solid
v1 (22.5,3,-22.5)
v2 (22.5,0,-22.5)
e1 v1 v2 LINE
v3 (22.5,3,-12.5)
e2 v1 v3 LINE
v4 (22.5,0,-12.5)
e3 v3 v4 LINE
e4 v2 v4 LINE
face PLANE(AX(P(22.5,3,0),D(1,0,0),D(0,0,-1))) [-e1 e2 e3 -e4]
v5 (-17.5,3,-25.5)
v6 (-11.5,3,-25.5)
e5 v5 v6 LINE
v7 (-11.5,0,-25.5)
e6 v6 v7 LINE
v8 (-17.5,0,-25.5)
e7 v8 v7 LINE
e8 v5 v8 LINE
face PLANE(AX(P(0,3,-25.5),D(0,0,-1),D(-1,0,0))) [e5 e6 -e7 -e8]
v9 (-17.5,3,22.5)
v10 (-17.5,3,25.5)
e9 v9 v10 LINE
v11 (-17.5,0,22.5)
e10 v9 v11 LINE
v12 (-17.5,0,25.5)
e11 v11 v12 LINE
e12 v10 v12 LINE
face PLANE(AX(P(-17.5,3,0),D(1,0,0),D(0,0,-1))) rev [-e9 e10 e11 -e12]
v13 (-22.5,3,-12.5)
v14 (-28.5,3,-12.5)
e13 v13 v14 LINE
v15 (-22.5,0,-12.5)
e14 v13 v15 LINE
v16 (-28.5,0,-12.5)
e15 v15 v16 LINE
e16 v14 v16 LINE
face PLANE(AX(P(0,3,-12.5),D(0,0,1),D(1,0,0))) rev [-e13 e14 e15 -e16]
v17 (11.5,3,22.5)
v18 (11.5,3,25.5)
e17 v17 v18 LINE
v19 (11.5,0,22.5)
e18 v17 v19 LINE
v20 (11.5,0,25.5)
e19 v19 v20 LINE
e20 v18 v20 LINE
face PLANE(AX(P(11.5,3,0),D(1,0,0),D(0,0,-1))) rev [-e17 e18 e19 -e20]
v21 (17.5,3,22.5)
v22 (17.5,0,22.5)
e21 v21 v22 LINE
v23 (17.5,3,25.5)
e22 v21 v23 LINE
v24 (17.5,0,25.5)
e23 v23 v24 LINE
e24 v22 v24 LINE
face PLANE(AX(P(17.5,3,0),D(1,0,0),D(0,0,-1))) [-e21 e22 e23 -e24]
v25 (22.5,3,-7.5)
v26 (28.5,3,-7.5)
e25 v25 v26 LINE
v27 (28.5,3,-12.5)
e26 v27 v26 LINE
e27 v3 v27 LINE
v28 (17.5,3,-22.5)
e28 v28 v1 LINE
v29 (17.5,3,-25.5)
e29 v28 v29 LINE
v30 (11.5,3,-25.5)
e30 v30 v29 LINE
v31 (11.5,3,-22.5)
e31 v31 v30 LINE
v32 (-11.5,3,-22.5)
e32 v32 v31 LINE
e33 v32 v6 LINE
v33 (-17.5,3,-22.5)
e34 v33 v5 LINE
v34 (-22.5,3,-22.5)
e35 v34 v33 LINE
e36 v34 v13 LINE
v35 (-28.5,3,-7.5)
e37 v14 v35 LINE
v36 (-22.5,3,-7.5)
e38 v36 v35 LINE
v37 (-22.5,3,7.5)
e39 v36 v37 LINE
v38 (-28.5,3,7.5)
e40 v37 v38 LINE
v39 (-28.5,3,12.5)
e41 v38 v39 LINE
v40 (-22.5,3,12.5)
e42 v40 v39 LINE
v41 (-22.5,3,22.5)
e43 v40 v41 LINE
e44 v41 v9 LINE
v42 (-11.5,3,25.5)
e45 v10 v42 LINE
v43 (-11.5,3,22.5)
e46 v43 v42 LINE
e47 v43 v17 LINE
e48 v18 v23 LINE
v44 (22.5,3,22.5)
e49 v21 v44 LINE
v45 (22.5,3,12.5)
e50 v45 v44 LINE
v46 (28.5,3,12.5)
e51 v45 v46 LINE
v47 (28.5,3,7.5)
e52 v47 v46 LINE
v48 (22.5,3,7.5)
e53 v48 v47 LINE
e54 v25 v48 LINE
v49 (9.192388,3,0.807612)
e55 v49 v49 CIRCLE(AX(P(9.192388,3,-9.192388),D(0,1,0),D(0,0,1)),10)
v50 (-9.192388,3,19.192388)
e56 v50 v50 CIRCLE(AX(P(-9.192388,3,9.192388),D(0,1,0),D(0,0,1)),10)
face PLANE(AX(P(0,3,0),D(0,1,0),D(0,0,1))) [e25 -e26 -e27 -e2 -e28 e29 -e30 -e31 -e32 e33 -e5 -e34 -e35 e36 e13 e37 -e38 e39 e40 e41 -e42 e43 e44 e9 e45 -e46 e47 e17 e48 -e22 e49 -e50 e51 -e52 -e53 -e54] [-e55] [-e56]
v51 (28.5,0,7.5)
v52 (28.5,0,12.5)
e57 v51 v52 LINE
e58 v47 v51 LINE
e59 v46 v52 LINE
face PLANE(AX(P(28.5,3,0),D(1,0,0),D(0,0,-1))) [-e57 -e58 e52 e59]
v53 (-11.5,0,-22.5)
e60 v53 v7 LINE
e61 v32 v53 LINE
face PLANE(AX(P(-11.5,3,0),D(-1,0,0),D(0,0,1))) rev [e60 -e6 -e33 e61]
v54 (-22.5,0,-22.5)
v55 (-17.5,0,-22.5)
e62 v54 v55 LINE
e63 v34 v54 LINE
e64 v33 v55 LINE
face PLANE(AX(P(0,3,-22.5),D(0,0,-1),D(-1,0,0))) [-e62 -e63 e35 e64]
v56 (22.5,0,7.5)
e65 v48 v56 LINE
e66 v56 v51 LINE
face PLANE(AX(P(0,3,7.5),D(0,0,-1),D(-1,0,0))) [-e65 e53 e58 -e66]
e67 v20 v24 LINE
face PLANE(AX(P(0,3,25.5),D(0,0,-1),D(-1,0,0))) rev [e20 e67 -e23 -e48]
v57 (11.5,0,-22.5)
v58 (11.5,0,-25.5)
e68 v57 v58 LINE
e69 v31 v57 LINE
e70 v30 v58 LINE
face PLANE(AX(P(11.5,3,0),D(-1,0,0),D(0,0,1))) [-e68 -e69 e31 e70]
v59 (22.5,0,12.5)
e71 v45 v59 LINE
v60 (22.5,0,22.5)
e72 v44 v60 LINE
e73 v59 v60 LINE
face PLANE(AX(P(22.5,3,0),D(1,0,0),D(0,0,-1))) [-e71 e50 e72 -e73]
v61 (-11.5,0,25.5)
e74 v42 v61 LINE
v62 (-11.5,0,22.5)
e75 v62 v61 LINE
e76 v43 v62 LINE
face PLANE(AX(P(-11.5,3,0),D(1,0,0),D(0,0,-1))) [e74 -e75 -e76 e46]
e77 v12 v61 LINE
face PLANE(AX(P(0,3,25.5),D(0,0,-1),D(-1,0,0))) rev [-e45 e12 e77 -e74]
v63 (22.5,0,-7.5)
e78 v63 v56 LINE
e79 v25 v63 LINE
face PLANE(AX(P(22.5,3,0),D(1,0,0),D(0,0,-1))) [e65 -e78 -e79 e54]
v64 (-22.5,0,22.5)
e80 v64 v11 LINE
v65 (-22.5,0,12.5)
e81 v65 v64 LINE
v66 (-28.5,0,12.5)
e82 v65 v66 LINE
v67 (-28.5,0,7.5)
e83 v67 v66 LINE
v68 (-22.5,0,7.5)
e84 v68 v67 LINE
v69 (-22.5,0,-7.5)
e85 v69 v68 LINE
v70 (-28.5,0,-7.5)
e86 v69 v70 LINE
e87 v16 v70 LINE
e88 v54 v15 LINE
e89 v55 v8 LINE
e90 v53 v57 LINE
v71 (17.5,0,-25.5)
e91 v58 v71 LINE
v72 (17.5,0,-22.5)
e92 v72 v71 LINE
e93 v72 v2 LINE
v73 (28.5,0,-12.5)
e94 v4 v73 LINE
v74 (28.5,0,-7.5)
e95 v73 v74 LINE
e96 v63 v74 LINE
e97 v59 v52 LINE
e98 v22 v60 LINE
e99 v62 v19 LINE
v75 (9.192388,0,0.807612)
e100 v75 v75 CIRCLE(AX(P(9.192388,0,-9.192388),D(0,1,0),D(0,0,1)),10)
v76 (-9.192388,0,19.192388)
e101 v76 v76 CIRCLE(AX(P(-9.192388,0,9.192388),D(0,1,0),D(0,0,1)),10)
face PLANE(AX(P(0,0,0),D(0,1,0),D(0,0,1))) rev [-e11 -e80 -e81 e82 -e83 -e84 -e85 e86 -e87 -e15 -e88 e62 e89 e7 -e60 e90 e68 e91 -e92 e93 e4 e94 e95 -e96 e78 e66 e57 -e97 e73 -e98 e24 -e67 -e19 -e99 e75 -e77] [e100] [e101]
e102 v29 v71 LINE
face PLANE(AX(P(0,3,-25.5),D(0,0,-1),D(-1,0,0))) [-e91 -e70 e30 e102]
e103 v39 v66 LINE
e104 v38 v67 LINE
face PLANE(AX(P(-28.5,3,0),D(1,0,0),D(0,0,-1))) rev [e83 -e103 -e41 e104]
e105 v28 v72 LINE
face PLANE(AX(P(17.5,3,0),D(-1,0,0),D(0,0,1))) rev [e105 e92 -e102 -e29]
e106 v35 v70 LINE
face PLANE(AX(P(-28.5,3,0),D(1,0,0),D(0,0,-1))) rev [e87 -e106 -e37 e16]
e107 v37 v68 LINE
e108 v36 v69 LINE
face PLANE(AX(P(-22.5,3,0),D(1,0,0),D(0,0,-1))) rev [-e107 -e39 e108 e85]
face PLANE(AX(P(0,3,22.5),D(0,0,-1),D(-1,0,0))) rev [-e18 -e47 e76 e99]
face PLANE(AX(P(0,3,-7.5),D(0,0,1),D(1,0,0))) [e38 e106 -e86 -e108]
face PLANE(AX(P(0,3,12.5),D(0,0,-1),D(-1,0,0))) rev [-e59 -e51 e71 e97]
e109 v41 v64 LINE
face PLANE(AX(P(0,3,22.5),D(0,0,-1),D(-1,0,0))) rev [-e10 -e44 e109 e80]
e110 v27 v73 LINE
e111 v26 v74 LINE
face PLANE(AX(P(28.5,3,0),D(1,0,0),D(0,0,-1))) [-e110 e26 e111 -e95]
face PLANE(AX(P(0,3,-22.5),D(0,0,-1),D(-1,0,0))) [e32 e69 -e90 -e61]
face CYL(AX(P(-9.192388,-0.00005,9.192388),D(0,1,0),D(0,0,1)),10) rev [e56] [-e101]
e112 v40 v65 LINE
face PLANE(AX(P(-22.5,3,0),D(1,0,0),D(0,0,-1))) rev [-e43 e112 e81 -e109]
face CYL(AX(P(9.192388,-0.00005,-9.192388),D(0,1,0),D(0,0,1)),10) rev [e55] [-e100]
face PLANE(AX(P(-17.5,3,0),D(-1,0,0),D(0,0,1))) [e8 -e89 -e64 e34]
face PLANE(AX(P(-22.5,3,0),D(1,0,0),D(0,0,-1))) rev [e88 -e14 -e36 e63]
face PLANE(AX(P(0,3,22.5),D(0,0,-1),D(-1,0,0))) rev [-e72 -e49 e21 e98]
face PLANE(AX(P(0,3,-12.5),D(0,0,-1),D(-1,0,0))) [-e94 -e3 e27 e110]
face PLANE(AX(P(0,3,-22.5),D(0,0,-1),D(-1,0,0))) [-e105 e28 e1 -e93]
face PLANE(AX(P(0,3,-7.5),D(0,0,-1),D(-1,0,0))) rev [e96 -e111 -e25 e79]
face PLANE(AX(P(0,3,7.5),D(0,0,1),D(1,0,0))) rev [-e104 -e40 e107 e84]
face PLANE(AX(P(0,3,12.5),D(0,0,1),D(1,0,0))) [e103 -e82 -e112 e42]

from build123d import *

# Parameters (mm, degrees)
SALIENTE_EXTRUIR1_DEPTH = 3
CROQUIS1_4_W            = 6
CROQUIS1_4_H            = 5
SALIENTE_EXTRUIR2_DEPTH = 3
CROQUIS2_R              = 10
CORTAR_EXTRUIR3_DEPTH   = 39.360135558
CROQUIS1_5_W            = 6
CROQUIS1_5_H            = 5
SALIENTE_EXTRUIR3_DEPTH = 3


with BuildPart() as part:
    # Croquis1 → Saliente-Extruir1 (new body)
    with BuildSketch(Plane(origin=(0, 0, 0), x_dir=(1, 0, 0), z_dir=(0, 1, 0))):
        Polygon((-17.5, 22.5), (-22.5, 22.5), (-22.5, -22.5), (-17.5, -22.5), (-17.5, -25.5), (-11.5, -25.5), (-11.5, -22.5), (11.5, -22.5), (11.5, -25.5), (17.5, -25.5), (17.5, -22.5), (22.5, -22.5), (22.5, 22.5), (17.5, 22.5), (17.5, 25.5), (11.5, 25.5), (11.5, 22.5), (-11.5, 22.5), (-11.5, 25.5), (-17.5, 25.5), align=None)
    extrude(amount=SALIENTE_EXTRUIR1_DEPTH)

    # Croquis1_4 → Saliente-Extruir2 (add)
    with BuildSketch(Plane(origin=(0, 0, 0), x_dir=(1, 0, 0), z_dir=(0, 1, 0))):
        with Locations((-25.5, -10)):
            Rectangle(CROQUIS1_4_W, CROQUIS1_4_H)
        with Locations((25.5, -10)):
            Rectangle(CROQUIS1_4_W, CROQUIS1_4_H)
    extrude(amount=SALIENTE_EXTRUIR2_DEPTH)

    # Croquis2 → Cortar-Extruir3 (cut, through all)
    with BuildSketch(Plane(origin=(0, 3, 0), x_dir=(1, 0, 0), z_dir=(0, 1, 0))):
        with Locations((-9.192388155, -9.192388155)):
            Circle(CROQUIS2_R)
        with Locations((9.192388155, 9.192388155)):
            Circle(CROQUIS2_R)
    extrude(amount=-CORTAR_EXTRUIR3_DEPTH, mode=Mode.SUBTRACT)

    # Croquis1_5 → Saliente-Extruir3 (add)
    with BuildSketch(Plane(origin=(0, 0, 0), x_dir=(1, 0, 0), z_dir=(0, 1, 0))):
        with Locations((-25.5, 10)):
            Rectangle(CROQUIS1_5_W, CROQUIS1_5_H)
        with Locations((25.5, 10)):
            Rectangle(CROQUIS1_5_W, CROQUIS1_5_H)
    extrude(amount=SALIENTE_EXTRUIR3_DEPTH)


solid = part.part
